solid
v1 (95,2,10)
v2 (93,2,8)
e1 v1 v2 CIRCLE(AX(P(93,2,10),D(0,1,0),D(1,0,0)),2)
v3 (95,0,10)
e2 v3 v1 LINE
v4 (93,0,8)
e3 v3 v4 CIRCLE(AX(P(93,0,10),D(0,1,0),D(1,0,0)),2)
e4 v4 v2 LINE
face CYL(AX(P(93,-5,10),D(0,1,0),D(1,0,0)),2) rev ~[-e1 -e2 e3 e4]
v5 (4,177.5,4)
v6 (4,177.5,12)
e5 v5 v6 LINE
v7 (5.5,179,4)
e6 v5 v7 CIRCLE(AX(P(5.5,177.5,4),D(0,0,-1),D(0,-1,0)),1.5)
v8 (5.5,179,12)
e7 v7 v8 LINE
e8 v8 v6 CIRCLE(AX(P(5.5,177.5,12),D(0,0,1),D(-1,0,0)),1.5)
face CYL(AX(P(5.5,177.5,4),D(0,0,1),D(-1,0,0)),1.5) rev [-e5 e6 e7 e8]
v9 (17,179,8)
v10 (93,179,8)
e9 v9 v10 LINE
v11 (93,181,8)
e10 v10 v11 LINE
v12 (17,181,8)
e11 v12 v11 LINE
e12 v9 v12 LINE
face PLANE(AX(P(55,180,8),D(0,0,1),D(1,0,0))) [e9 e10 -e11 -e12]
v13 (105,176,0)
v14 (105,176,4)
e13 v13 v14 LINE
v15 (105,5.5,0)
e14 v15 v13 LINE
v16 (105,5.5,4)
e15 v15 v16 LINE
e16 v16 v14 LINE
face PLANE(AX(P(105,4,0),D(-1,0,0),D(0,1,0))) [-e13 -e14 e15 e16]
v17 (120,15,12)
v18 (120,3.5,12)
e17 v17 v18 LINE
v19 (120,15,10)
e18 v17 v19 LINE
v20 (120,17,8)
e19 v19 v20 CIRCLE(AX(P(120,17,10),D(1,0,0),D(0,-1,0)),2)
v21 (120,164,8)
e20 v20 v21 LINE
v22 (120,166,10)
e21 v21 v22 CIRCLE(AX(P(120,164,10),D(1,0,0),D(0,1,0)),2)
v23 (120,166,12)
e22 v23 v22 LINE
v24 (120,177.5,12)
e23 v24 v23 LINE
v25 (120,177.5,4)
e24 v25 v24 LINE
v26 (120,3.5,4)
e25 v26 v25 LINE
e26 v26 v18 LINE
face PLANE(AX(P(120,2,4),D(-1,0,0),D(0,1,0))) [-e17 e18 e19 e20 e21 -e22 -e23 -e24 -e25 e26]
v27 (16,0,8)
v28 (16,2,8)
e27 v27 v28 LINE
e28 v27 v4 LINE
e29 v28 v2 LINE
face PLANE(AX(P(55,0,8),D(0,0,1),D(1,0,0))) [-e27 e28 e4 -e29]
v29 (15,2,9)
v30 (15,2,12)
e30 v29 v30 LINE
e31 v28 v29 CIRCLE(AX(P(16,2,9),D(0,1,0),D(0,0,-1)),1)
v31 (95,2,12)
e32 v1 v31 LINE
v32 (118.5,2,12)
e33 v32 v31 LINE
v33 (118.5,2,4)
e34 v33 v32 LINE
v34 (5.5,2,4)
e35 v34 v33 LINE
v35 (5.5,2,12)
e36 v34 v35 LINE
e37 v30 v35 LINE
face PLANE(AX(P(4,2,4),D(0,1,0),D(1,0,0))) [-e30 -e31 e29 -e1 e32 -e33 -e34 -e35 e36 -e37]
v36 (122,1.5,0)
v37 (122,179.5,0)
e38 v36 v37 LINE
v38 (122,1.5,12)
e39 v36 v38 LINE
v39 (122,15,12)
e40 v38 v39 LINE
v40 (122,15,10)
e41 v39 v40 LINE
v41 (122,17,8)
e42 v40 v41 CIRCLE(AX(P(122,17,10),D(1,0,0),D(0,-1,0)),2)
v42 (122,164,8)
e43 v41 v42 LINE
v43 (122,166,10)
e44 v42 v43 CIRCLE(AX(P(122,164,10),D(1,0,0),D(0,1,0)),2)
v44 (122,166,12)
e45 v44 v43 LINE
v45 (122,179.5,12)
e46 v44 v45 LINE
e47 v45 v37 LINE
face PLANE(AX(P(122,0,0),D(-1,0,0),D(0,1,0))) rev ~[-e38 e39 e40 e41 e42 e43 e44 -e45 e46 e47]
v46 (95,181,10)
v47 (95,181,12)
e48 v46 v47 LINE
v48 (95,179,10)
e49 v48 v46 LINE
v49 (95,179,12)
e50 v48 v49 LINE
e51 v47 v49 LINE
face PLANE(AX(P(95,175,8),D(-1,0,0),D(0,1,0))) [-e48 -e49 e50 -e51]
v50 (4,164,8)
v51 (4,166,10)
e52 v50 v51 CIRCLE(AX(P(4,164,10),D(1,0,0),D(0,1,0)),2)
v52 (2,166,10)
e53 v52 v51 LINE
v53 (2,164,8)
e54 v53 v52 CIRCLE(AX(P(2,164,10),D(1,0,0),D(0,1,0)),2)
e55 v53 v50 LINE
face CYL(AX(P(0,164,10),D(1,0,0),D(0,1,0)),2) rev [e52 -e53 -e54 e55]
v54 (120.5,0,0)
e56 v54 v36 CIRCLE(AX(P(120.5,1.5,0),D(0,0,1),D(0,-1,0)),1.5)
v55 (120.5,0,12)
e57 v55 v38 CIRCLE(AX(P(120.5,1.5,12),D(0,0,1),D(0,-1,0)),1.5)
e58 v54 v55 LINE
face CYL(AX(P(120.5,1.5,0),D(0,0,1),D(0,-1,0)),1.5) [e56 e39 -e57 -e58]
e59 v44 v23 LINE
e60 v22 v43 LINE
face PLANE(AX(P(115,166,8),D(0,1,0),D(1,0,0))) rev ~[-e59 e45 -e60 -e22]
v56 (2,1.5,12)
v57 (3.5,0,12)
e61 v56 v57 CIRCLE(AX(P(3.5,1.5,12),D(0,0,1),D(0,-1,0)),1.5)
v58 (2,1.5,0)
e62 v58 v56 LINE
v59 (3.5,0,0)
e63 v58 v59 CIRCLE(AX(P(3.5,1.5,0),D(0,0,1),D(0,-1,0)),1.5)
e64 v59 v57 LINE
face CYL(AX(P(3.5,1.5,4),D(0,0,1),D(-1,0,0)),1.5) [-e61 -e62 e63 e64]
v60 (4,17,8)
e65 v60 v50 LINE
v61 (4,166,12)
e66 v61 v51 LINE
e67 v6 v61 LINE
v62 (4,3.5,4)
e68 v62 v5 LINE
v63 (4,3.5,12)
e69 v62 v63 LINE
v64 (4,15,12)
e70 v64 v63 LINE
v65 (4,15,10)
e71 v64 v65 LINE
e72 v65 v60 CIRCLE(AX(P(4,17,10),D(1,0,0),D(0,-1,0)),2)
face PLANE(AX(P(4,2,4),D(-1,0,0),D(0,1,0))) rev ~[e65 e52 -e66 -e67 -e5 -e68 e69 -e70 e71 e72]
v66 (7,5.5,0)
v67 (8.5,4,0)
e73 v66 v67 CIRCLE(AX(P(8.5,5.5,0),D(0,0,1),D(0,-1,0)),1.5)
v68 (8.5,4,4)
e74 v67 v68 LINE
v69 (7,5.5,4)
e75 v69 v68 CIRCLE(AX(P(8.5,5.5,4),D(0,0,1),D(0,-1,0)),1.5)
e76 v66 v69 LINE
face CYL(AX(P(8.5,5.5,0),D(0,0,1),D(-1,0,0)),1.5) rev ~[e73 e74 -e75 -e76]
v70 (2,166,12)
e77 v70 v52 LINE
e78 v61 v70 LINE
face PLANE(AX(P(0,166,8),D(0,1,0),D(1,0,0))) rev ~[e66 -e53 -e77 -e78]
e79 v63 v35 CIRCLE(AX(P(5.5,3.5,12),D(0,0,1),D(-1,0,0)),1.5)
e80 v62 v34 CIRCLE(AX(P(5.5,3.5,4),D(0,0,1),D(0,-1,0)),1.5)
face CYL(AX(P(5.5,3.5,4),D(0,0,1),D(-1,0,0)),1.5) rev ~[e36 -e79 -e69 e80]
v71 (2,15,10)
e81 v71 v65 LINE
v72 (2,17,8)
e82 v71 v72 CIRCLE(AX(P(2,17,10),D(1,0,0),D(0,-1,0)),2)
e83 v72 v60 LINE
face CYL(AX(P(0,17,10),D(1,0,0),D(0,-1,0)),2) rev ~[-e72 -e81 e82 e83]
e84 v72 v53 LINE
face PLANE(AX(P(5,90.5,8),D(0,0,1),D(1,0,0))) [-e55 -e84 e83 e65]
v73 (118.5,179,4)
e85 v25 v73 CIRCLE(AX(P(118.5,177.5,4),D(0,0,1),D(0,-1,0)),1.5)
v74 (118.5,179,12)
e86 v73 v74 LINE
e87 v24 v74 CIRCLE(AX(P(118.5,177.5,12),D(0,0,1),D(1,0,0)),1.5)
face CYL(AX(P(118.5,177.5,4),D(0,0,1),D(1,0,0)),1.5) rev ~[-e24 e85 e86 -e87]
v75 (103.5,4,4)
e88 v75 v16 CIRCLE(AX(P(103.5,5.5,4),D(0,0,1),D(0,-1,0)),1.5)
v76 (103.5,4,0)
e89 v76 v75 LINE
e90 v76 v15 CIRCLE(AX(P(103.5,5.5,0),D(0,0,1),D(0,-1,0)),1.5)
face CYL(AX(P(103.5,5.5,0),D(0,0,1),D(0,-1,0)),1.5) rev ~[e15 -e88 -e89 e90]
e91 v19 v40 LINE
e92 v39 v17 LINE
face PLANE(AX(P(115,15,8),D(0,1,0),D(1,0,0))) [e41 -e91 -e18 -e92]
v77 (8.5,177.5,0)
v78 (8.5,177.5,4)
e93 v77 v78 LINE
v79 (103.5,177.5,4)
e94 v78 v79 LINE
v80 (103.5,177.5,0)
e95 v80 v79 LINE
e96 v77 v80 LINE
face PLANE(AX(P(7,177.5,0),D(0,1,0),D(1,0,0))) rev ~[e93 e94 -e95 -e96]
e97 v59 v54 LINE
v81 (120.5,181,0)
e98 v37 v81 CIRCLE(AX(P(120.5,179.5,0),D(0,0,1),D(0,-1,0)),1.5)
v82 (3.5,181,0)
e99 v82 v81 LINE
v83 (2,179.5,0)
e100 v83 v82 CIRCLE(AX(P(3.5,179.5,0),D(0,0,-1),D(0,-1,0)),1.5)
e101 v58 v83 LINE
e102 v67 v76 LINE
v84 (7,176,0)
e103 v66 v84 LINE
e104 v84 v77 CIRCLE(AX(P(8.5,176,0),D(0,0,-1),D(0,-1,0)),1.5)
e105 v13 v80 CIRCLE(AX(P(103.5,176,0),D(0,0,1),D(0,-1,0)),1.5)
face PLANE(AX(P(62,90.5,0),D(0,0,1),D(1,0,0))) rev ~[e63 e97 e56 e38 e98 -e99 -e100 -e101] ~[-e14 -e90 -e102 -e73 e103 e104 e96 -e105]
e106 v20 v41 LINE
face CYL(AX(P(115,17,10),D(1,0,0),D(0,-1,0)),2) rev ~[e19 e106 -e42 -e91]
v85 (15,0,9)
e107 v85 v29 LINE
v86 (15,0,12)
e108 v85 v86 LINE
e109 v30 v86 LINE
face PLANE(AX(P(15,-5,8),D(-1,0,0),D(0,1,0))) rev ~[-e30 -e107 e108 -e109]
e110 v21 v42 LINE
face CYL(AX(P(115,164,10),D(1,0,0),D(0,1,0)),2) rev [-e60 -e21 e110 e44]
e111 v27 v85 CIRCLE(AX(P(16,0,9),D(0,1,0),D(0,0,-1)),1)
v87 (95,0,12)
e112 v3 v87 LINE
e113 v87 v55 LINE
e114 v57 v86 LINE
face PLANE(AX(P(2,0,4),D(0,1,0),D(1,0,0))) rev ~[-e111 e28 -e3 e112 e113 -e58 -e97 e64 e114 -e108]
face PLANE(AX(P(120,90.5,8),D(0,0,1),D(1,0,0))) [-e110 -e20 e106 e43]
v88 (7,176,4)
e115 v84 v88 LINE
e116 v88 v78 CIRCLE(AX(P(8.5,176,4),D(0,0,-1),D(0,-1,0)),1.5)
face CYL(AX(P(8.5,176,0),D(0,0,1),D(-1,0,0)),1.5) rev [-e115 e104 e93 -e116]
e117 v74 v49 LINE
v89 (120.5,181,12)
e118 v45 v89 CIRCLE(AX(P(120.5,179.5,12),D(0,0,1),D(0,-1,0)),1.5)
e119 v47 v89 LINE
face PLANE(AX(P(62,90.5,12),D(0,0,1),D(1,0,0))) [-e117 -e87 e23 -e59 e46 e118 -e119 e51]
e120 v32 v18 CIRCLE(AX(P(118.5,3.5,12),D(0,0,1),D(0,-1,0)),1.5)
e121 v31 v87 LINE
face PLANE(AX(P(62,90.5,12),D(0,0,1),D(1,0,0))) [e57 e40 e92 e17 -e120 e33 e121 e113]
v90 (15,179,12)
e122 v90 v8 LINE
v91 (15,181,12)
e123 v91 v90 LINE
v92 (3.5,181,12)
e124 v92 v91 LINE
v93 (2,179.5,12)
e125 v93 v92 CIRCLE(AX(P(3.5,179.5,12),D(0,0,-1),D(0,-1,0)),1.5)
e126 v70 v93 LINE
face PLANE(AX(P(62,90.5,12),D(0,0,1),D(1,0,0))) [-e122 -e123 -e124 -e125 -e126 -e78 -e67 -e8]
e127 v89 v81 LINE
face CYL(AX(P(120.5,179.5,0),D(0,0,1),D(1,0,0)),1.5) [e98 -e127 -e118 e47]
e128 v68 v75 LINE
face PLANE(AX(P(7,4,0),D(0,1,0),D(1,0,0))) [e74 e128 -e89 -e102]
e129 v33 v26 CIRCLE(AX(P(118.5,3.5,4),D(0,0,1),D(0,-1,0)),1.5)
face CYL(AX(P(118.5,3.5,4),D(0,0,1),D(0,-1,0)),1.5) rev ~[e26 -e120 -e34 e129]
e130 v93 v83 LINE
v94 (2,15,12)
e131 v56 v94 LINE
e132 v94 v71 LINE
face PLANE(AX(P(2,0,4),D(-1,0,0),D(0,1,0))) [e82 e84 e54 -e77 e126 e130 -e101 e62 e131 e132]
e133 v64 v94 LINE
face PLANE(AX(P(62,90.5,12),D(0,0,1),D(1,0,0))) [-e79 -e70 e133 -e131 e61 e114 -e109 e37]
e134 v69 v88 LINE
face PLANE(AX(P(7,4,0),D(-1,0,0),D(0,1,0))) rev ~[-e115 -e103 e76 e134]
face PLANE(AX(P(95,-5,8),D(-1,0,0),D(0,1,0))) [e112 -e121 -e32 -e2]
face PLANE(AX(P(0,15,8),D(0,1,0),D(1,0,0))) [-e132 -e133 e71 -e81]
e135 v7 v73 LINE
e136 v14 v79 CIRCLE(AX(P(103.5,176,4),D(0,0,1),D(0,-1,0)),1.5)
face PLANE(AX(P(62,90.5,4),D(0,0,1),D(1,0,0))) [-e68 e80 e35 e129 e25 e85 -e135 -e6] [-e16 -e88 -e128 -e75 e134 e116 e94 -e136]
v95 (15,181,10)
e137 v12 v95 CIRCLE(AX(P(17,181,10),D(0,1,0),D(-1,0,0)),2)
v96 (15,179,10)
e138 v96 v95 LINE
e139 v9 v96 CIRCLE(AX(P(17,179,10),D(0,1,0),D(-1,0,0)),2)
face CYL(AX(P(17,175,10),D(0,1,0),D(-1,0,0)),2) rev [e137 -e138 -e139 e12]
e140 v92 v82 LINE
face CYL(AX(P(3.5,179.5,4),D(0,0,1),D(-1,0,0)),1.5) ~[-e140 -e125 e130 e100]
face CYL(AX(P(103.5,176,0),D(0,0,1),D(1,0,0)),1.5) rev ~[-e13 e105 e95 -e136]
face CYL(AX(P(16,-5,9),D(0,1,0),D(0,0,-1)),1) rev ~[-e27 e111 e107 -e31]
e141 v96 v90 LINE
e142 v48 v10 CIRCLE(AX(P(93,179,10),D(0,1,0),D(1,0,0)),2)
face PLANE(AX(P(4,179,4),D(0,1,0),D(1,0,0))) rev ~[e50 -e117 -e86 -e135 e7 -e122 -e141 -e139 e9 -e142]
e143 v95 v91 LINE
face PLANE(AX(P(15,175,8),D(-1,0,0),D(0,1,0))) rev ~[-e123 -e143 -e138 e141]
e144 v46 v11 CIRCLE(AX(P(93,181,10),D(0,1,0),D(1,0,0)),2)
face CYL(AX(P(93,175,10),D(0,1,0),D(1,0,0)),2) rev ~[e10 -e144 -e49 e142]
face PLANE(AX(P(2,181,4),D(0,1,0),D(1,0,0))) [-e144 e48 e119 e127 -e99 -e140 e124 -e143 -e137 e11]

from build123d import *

# Parameters (mm, degrees)
BOX004_W      = 10
BOX004_H      = 151
BOX004_DEPTH  = 10
BOX006_W      = 80
BOX006_H      = 10
BOX006_DEPTH  = 10
BOX005_W      = 10
BOX005_H      = 151
BOX005_DEPTH  = 10
BOX007_W      = 80
BOX007_H      = 10
BOX007_DEPTH  = 10
FILLET004_1_R = 2
FILLET004_2_R = 1
BOX003_W      = 116
BOX003_H      = 177
BOX003_DEPTH  = 10
FILLET002_R   = 1.5
BOX002_W      = 120
BOX002_H      = 181
BOX002_DEPTH  = 8
FILLET003_R   = 1.5
BOX001_W      = 98
BOX001_H      = 173.5
BOX001_DEPTH  = 4
FILLET_R      = 1.5
BOX_W         = 120
BOX_H         = 181
BOX_DEPTH     = 4
FILLET001_R   = 1.5


with BuildPart() as cube004:
    # Box004 → Box004 (new body)
    with BuildSketch(Plane(origin=(115, 15, 0), x_dir=(1, 0, 0), z_dir=(0, 0, 1))):
        with Locations((5, 75.5)):
            Rectangle(BOX004_W, BOX004_H)
    extrude(amount=BOX004_DEPTH)


with BuildPart() as cube006:
    # Box006 → Box006 (new body)
    with BuildSketch(Plane(origin=(15, -5, 0), x_dir=(1, 0, 0), z_dir=(0, 0, 1))):
        with Locations((40, 5)):
            Rectangle(BOX006_W, BOX006_H)
    extrude(amount=BOX006_DEPTH)


with BuildPart() as cube005:
    # Box005 → Box005 (new body)
    with BuildSketch(Plane(origin=(0, 15, 0), x_dir=(1, 0, 0), z_dir=(0, 0, 1))):
        with Locations((5, 75.5)):
            Rectangle(BOX005_W, BOX005_H)
    extrude(amount=BOX005_DEPTH)


with BuildPart() as fillet004:
    # Box007 → Box007 (new body)
    with BuildSketch(Plane(origin=(15, 175, 0), x_dir=(1, 0, 0), z_dir=(0, 0, 1))):
        with Locations((40, 5)):
            Rectangle(BOX007_W, BOX007_H)
    extrude(amount=BOX007_DEPTH)

    # Fusion: union Cube004, Cube006, Cube005
    add(cube004.part)
    add(cube006.part)
    add(cube005.part)


with BuildPart() as fillet004_1:
    # Fusion placement: moved
    add(fillet004.part.moved(Location((0, 0, 8))))

    # Fillet004 1
    fillet004_1_edges = [fillet004_1.edges().sort_by_distance(p)[0] for p in [
        (15, 180, 8),
        (95, 180, 8),
        (120, 15, 8),
        (120, 166, 8),
        (95, 0, 8),
        (5, 15, 8),
        (5, 166, 8),
    ]]
    fillet(fillet004_1_edges, radius=FILLET004_1_R)

    # Fillet004 2
    fillet004_2_edges = [fillet004_1.edges().sort_by_distance(p)[0] for p in [
        (15, 0, 8),
    ]]
    fillet(fillet004_2_edges, radius=FILLET004_2_R)


with BuildPart() as fillet002:
    # Box003 → Box003 (new body)
    with BuildSketch(Plane(origin=(4, 2, 4), x_dir=(1, 0, 0), z_dir=(0, 0, 1))):
        with Locations((58, 88.5)):
            Rectangle(BOX003_W, BOX003_H)
    extrude(amount=BOX003_DEPTH)

    # Fillet002
    fillet002_edges = [fillet002.edges().sort_by_distance(p)[0] for p in [
        (4, 2, 9),
        (4, 179, 9),
        (120, 2, 9),
        (120, 179, 9),
    ]]
    fillet(fillet002_edges, radius=FILLET002_R)


with BuildPart() as cut002:
    # Box002 → Box002 (new body)
    with BuildSketch(Plane(origin=(2, 0, 4), x_dir=(1, 0, 0), z_dir=(0, 0, 1))):
        with Locations((60, 90.5)):
            Rectangle(BOX002_W, BOX002_H)
    extrude(amount=BOX002_DEPTH)

    # Fillet003
    fillet003_edges = [cut002.edges().sort_by_distance(p)[0] for p in [
        (2, 0, 8),
        (2, 181, 8),
        (122, 0, 8),
        (122, 181, 8),
    ]]
    fillet(fillet003_edges, radius=FILLET003_R)

    # Cut001: cut Fillet002
    add(fillet002.part, mode=Mode.SUBTRACT)

    # Cut002: cut Fillet004
    add(fillet004_1.part, mode=Mode.SUBTRACT)


with BuildPart() as fillet_body:
    # Box001 → Box001 (new body)
    with BuildSketch(Plane(origin=(7, 4, 0), x_dir=(1, 0, 0), z_dir=(0, 0, 1))):
        with Locations((49, 86.75)):
            Rectangle(BOX001_W, BOX001_H)
    extrude(amount=BOX001_DEPTH)

    # Fillet
    fillet_edges = [fillet_body.edges().sort_by_distance(p)[0] for p in [
        (7, 4, 2),
        (7, 177.5, 2),
        (105, 4, 2),
        (105, 177.5, 2),
    ]]
    fillet(fillet_edges, radius=FILLET_R)


with BuildPart() as fusion001:
    # Box → Box (new body)
    with BuildSketch(Plane(origin=(2, 0, 0), x_dir=(1, 0, 0), z_dir=(0, 0, 1))):
        with Locations((60, 90.5)):
            Rectangle(BOX_W, BOX_H)
    extrude(amount=BOX_DEPTH)

    # Fillet001
    fillet001_edges = [fusion001.edges().sort_by_distance(p)[0] for p in [
        (2, 0, 2),
        (2, 181, 2),
        (122, 0, 2),
        (122, 181, 2),
    ]]
    fillet(fillet001_edges, radius=FILLET001_R)

    # Cut: cut Fillet body
    add(fillet_body.part, mode=Mode.SUBTRACT)

    # Fusion001: union Cut002
    add(cut002.part)


solid = fusion001.part
